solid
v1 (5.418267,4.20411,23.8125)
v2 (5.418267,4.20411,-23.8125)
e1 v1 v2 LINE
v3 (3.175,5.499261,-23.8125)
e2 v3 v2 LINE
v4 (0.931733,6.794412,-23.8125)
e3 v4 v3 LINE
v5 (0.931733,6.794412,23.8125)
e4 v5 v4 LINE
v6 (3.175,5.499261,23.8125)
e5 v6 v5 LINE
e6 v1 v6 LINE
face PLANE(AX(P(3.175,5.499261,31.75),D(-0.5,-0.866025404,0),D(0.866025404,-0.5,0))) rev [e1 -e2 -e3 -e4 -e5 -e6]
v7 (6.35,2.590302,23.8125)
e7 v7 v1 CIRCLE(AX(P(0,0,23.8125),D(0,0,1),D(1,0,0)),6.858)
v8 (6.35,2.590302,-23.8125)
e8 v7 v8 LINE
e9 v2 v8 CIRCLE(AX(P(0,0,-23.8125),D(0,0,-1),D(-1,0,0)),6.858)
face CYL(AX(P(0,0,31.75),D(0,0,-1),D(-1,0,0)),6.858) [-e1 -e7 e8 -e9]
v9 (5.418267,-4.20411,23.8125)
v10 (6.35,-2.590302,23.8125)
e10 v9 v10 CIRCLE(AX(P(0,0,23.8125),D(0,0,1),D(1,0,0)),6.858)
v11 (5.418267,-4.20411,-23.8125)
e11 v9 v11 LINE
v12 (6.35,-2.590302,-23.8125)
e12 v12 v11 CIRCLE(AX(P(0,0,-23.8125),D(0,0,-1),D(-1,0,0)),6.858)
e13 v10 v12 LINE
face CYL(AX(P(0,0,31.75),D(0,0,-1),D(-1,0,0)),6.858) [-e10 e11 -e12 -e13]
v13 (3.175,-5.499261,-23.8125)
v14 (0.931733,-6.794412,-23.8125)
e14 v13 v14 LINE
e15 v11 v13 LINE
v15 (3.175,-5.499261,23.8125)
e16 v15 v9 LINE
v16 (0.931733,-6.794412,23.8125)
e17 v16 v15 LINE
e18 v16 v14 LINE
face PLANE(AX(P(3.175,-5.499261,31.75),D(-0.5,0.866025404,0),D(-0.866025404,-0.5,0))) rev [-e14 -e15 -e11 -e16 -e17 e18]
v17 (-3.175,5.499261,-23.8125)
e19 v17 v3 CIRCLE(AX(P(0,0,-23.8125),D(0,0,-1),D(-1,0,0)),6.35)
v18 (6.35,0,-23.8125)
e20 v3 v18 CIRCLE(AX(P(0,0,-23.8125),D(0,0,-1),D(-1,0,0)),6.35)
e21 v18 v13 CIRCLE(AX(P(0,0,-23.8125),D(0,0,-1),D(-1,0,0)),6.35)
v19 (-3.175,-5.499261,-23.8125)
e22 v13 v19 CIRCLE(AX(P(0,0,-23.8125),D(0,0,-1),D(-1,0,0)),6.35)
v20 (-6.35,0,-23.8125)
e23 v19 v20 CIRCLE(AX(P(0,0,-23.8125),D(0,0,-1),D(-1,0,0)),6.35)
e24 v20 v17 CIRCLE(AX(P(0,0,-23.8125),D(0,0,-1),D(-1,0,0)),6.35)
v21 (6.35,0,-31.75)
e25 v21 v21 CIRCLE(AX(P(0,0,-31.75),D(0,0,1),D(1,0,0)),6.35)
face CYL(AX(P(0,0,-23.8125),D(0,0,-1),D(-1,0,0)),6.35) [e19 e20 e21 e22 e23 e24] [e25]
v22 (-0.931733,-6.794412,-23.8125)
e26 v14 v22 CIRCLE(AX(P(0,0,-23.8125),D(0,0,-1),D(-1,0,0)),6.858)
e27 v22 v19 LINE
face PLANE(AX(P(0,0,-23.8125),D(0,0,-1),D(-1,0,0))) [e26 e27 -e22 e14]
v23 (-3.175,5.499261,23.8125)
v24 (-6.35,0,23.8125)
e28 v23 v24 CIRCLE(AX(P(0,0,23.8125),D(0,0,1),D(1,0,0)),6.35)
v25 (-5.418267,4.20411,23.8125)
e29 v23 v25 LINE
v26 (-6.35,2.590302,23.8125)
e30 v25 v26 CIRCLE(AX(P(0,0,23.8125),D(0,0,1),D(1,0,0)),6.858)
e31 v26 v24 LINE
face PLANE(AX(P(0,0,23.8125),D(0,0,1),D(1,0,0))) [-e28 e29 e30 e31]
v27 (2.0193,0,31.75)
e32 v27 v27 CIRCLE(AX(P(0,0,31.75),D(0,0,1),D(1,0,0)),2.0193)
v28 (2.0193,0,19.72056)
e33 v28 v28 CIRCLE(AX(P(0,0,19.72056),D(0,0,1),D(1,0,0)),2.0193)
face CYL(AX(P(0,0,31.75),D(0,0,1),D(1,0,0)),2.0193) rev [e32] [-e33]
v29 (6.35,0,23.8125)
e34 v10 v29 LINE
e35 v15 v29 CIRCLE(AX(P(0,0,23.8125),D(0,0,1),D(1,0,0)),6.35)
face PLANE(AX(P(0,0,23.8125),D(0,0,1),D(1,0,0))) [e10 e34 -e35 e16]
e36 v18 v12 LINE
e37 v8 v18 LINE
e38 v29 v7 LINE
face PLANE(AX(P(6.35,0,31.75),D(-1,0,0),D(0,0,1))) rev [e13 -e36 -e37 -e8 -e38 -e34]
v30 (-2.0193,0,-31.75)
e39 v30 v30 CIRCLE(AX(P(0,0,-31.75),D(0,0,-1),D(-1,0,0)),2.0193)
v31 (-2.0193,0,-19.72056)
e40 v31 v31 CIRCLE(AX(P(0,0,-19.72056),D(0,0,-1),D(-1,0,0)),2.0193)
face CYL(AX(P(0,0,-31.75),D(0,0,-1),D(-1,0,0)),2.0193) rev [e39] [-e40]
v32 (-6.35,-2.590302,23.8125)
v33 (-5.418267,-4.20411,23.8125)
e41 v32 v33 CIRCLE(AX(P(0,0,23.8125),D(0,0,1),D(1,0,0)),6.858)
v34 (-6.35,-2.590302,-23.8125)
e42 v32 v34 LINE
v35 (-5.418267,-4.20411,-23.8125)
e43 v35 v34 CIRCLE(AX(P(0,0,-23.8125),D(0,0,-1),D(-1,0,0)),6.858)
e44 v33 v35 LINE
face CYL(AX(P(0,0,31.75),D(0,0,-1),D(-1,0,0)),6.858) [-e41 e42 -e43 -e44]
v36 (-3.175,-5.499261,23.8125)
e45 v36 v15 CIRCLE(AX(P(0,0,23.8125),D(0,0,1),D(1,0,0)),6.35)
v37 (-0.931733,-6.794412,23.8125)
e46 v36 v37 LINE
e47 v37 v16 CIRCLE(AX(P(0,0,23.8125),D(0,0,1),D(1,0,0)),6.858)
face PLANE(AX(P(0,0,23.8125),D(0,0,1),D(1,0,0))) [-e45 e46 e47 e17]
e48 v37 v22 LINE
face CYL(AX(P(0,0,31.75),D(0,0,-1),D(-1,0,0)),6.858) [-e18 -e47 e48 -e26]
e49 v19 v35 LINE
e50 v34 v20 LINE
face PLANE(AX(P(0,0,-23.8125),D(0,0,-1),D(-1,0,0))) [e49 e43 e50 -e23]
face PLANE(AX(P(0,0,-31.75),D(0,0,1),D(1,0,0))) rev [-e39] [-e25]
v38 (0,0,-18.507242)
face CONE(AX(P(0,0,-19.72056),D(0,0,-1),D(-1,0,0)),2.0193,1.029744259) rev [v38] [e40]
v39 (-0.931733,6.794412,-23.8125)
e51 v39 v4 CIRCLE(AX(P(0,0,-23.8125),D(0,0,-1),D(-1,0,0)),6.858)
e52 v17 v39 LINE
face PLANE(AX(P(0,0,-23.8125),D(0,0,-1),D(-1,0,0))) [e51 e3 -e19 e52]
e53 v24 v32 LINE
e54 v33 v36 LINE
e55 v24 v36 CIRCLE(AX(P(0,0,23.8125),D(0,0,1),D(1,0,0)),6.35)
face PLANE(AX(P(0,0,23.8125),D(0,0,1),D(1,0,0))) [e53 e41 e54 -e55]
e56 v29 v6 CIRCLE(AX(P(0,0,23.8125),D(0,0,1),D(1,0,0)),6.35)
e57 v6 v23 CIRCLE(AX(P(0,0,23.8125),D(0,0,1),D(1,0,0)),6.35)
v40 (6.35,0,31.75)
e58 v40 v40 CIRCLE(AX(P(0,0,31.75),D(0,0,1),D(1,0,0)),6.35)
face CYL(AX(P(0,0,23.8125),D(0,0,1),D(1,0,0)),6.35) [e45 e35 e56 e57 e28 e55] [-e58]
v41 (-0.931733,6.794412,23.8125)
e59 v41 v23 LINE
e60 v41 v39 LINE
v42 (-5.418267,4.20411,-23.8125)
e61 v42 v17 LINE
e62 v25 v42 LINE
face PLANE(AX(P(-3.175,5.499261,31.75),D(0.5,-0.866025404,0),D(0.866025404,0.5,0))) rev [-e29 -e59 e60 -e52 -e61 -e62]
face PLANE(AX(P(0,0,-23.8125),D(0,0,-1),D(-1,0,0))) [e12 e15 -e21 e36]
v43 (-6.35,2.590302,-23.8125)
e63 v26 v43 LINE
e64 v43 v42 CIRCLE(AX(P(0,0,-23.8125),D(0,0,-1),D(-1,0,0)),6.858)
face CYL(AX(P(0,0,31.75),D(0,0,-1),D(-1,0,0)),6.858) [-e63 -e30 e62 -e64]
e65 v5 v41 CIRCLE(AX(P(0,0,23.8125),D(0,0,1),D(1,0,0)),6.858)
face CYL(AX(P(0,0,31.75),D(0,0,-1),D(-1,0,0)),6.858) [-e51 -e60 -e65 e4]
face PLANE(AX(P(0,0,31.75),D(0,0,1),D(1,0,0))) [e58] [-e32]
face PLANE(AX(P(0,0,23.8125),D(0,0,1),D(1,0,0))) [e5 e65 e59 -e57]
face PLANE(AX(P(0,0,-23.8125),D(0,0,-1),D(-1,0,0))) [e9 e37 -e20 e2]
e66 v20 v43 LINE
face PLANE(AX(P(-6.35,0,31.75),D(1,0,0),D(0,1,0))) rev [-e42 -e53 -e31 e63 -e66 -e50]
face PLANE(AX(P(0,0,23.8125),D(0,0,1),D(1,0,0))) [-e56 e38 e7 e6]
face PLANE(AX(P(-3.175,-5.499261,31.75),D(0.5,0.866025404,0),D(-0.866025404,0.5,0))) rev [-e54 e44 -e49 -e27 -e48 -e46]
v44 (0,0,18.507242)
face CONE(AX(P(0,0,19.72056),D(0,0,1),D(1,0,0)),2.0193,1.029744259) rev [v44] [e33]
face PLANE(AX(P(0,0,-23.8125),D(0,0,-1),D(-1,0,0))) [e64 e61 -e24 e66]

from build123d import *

# Parameters (mm, degrees)
BOSS_EXTRUDE1_DEPTH                  = 31.75
CUT_EXTRUDE1_START                   = 31.75
SKETCH2_OUTSIDE_W                    = 27.938
SKETCH2_OUTSIDE_H                    = 28.954
SKETCH2_OUTSIDE_R                    = 6.35
CUT_EXTRUDE1_DEPTH                   = 7.9375
SKETCH5_OUTSIDE_W                    = 27.938
SKETCH5_OUTSIDE_H                    = 28.954
SKETCH5_OUTSIDE_R                    = 6.35
CUT_EXTRUDE5_DEPTH                   = 7.9375
F_10_32_TAPPED_HOLE1_D               = 4.0386
F_10_32_TAPPED_HOLE1_DEPTH           = 12.02944
F_10_32_TAPPED_HOLE1_TIP             = 1.213317848
F_10_32_TAPPED_HOLE1_ON_FACE_2_D     = 4.0386
F_10_32_TAPPED_HOLE1_ON_FACE_2_DEPTH = 12.02944
F_10_32_TAPPED_HOLE1_ON_FACE_2_TIP   = 1.213317848


with BuildPart() as part:
    # Sketch1 → Boss-Extrude1 (new, symmetric)
    with BuildSketch(Plane.XY):
        with BuildLine():
            ThreePointArc((0.93173274, 6.79441227), (0, 6.858), (-0.93173274, 6.79441227))
            Line((-0.93173274, 6.79441227), (-5.41826726, 4.204110358))
            ThreePointArc((-5.41826726, 4.204110358), (-5.939202219, 3.429), (-6.35, 2.590301913))
            Line((-6.35, 2.590301913), (-6.35, -2.590301913))
            ThreePointArc((-6.35, -2.590301913), (-5.939202219, -3.429), (-5.41826726, -4.204110358))
            Line((-5.41826726, -4.204110358), (-0.93173274, -6.79441227))
            ThreePointArc((-0.93173274, -6.79441227), (0, -6.858), (0.93173274, -6.79441227))
            Line((0.93173274, -6.79441227), (5.41826726, -4.204110358))
            ThreePointArc((5.41826726, -4.204110358), (5.939202219, -3.429), (6.35, -2.590301913))
            Line((6.35, -2.590301913), (6.35, 2.590301913))
            ThreePointArc((6.35, 2.590301913), (5.939202219, 3.429), (5.41826726, 4.204110358))
            Line((5.41826726, 4.204110358), (0.93173274, 6.79441227))
        make_face()
    extrude(amount=BOSS_EXTRUDE1_DEPTH, both=True)

    # Sketch2 outside → Cut-Extrude1 (cut)
    with BuildSketch(Plane.XY.offset(CUT_EXTRUDE1_START)):
        Rectangle(SKETCH2_OUTSIDE_W, SKETCH2_OUTSIDE_H)
        Circle(SKETCH2_OUTSIDE_R, mode=Mode.SUBTRACT)
    extrude(amount=-CUT_EXTRUDE1_DEPTH, mode=Mode.SUBTRACT)

    # Sketch5 outside → Cut-Extrude5 (cut)
    with BuildSketch(Plane(origin=(0, 0, -31.75), x_dir=(-1, 0, 0), z_dir=(0, 0, -1))):
        Rectangle(SKETCH5_OUTSIDE_W, SKETCH5_OUTSIDE_H)
        with Locations(Location((0, 0, 0), (0, 0, 180))):
            Circle(SKETCH5_OUTSIDE_R, mode=Mode.SUBTRACT)
    extrude(amount=-CUT_EXTRUDE5_DEPTH, mode=Mode.SUBTRACT)

    # #10-32 Tapped Hole1
    with Locations(Plane(origin=(0, 0, -31.75), x_dir=(-1, 0, 0), z_dir=(0, 0, -1))):
        with Locations((0, 0)):
            Hole(F_10_32_TAPPED_HOLE1_D / 2, depth=F_10_32_TAPPED_HOLE1_DEPTH)
            with Locations((0, 0, -(F_10_32_TAPPED_HOLE1_DEPTH + F_10_32_TAPPED_HOLE1_TIP / 2))):  # 118° drill point
                Cone(0, F_10_32_TAPPED_HOLE1_D / 2, F_10_32_TAPPED_HOLE1_TIP, mode=Mode.SUBTRACT)

    # #10-32 Tapped Hole1 on face 2
    with Locations(Plane.XY.offset(31.75)):
        with Locations((0, 0)):
            Hole(F_10_32_TAPPED_HOLE1_ON_FACE_2_D / 2, depth=F_10_32_TAPPED_HOLE1_ON_FACE_2_DEPTH)
            with Locations((0, 0, -(F_10_32_TAPPED_HOLE1_ON_FACE_2_DEPTH + F_10_32_TAPPED_HOLE1_ON_FACE_2_TIP / 2))):  # 118° drill point
                Cone(0, F_10_32_TAPPED_HOLE1_ON_FACE_2_D / 2, F_10_32_TAPPED_HOLE1_ON_FACE_2_TIP, mode=Mode.SUBTRACT)


solid = part.part
